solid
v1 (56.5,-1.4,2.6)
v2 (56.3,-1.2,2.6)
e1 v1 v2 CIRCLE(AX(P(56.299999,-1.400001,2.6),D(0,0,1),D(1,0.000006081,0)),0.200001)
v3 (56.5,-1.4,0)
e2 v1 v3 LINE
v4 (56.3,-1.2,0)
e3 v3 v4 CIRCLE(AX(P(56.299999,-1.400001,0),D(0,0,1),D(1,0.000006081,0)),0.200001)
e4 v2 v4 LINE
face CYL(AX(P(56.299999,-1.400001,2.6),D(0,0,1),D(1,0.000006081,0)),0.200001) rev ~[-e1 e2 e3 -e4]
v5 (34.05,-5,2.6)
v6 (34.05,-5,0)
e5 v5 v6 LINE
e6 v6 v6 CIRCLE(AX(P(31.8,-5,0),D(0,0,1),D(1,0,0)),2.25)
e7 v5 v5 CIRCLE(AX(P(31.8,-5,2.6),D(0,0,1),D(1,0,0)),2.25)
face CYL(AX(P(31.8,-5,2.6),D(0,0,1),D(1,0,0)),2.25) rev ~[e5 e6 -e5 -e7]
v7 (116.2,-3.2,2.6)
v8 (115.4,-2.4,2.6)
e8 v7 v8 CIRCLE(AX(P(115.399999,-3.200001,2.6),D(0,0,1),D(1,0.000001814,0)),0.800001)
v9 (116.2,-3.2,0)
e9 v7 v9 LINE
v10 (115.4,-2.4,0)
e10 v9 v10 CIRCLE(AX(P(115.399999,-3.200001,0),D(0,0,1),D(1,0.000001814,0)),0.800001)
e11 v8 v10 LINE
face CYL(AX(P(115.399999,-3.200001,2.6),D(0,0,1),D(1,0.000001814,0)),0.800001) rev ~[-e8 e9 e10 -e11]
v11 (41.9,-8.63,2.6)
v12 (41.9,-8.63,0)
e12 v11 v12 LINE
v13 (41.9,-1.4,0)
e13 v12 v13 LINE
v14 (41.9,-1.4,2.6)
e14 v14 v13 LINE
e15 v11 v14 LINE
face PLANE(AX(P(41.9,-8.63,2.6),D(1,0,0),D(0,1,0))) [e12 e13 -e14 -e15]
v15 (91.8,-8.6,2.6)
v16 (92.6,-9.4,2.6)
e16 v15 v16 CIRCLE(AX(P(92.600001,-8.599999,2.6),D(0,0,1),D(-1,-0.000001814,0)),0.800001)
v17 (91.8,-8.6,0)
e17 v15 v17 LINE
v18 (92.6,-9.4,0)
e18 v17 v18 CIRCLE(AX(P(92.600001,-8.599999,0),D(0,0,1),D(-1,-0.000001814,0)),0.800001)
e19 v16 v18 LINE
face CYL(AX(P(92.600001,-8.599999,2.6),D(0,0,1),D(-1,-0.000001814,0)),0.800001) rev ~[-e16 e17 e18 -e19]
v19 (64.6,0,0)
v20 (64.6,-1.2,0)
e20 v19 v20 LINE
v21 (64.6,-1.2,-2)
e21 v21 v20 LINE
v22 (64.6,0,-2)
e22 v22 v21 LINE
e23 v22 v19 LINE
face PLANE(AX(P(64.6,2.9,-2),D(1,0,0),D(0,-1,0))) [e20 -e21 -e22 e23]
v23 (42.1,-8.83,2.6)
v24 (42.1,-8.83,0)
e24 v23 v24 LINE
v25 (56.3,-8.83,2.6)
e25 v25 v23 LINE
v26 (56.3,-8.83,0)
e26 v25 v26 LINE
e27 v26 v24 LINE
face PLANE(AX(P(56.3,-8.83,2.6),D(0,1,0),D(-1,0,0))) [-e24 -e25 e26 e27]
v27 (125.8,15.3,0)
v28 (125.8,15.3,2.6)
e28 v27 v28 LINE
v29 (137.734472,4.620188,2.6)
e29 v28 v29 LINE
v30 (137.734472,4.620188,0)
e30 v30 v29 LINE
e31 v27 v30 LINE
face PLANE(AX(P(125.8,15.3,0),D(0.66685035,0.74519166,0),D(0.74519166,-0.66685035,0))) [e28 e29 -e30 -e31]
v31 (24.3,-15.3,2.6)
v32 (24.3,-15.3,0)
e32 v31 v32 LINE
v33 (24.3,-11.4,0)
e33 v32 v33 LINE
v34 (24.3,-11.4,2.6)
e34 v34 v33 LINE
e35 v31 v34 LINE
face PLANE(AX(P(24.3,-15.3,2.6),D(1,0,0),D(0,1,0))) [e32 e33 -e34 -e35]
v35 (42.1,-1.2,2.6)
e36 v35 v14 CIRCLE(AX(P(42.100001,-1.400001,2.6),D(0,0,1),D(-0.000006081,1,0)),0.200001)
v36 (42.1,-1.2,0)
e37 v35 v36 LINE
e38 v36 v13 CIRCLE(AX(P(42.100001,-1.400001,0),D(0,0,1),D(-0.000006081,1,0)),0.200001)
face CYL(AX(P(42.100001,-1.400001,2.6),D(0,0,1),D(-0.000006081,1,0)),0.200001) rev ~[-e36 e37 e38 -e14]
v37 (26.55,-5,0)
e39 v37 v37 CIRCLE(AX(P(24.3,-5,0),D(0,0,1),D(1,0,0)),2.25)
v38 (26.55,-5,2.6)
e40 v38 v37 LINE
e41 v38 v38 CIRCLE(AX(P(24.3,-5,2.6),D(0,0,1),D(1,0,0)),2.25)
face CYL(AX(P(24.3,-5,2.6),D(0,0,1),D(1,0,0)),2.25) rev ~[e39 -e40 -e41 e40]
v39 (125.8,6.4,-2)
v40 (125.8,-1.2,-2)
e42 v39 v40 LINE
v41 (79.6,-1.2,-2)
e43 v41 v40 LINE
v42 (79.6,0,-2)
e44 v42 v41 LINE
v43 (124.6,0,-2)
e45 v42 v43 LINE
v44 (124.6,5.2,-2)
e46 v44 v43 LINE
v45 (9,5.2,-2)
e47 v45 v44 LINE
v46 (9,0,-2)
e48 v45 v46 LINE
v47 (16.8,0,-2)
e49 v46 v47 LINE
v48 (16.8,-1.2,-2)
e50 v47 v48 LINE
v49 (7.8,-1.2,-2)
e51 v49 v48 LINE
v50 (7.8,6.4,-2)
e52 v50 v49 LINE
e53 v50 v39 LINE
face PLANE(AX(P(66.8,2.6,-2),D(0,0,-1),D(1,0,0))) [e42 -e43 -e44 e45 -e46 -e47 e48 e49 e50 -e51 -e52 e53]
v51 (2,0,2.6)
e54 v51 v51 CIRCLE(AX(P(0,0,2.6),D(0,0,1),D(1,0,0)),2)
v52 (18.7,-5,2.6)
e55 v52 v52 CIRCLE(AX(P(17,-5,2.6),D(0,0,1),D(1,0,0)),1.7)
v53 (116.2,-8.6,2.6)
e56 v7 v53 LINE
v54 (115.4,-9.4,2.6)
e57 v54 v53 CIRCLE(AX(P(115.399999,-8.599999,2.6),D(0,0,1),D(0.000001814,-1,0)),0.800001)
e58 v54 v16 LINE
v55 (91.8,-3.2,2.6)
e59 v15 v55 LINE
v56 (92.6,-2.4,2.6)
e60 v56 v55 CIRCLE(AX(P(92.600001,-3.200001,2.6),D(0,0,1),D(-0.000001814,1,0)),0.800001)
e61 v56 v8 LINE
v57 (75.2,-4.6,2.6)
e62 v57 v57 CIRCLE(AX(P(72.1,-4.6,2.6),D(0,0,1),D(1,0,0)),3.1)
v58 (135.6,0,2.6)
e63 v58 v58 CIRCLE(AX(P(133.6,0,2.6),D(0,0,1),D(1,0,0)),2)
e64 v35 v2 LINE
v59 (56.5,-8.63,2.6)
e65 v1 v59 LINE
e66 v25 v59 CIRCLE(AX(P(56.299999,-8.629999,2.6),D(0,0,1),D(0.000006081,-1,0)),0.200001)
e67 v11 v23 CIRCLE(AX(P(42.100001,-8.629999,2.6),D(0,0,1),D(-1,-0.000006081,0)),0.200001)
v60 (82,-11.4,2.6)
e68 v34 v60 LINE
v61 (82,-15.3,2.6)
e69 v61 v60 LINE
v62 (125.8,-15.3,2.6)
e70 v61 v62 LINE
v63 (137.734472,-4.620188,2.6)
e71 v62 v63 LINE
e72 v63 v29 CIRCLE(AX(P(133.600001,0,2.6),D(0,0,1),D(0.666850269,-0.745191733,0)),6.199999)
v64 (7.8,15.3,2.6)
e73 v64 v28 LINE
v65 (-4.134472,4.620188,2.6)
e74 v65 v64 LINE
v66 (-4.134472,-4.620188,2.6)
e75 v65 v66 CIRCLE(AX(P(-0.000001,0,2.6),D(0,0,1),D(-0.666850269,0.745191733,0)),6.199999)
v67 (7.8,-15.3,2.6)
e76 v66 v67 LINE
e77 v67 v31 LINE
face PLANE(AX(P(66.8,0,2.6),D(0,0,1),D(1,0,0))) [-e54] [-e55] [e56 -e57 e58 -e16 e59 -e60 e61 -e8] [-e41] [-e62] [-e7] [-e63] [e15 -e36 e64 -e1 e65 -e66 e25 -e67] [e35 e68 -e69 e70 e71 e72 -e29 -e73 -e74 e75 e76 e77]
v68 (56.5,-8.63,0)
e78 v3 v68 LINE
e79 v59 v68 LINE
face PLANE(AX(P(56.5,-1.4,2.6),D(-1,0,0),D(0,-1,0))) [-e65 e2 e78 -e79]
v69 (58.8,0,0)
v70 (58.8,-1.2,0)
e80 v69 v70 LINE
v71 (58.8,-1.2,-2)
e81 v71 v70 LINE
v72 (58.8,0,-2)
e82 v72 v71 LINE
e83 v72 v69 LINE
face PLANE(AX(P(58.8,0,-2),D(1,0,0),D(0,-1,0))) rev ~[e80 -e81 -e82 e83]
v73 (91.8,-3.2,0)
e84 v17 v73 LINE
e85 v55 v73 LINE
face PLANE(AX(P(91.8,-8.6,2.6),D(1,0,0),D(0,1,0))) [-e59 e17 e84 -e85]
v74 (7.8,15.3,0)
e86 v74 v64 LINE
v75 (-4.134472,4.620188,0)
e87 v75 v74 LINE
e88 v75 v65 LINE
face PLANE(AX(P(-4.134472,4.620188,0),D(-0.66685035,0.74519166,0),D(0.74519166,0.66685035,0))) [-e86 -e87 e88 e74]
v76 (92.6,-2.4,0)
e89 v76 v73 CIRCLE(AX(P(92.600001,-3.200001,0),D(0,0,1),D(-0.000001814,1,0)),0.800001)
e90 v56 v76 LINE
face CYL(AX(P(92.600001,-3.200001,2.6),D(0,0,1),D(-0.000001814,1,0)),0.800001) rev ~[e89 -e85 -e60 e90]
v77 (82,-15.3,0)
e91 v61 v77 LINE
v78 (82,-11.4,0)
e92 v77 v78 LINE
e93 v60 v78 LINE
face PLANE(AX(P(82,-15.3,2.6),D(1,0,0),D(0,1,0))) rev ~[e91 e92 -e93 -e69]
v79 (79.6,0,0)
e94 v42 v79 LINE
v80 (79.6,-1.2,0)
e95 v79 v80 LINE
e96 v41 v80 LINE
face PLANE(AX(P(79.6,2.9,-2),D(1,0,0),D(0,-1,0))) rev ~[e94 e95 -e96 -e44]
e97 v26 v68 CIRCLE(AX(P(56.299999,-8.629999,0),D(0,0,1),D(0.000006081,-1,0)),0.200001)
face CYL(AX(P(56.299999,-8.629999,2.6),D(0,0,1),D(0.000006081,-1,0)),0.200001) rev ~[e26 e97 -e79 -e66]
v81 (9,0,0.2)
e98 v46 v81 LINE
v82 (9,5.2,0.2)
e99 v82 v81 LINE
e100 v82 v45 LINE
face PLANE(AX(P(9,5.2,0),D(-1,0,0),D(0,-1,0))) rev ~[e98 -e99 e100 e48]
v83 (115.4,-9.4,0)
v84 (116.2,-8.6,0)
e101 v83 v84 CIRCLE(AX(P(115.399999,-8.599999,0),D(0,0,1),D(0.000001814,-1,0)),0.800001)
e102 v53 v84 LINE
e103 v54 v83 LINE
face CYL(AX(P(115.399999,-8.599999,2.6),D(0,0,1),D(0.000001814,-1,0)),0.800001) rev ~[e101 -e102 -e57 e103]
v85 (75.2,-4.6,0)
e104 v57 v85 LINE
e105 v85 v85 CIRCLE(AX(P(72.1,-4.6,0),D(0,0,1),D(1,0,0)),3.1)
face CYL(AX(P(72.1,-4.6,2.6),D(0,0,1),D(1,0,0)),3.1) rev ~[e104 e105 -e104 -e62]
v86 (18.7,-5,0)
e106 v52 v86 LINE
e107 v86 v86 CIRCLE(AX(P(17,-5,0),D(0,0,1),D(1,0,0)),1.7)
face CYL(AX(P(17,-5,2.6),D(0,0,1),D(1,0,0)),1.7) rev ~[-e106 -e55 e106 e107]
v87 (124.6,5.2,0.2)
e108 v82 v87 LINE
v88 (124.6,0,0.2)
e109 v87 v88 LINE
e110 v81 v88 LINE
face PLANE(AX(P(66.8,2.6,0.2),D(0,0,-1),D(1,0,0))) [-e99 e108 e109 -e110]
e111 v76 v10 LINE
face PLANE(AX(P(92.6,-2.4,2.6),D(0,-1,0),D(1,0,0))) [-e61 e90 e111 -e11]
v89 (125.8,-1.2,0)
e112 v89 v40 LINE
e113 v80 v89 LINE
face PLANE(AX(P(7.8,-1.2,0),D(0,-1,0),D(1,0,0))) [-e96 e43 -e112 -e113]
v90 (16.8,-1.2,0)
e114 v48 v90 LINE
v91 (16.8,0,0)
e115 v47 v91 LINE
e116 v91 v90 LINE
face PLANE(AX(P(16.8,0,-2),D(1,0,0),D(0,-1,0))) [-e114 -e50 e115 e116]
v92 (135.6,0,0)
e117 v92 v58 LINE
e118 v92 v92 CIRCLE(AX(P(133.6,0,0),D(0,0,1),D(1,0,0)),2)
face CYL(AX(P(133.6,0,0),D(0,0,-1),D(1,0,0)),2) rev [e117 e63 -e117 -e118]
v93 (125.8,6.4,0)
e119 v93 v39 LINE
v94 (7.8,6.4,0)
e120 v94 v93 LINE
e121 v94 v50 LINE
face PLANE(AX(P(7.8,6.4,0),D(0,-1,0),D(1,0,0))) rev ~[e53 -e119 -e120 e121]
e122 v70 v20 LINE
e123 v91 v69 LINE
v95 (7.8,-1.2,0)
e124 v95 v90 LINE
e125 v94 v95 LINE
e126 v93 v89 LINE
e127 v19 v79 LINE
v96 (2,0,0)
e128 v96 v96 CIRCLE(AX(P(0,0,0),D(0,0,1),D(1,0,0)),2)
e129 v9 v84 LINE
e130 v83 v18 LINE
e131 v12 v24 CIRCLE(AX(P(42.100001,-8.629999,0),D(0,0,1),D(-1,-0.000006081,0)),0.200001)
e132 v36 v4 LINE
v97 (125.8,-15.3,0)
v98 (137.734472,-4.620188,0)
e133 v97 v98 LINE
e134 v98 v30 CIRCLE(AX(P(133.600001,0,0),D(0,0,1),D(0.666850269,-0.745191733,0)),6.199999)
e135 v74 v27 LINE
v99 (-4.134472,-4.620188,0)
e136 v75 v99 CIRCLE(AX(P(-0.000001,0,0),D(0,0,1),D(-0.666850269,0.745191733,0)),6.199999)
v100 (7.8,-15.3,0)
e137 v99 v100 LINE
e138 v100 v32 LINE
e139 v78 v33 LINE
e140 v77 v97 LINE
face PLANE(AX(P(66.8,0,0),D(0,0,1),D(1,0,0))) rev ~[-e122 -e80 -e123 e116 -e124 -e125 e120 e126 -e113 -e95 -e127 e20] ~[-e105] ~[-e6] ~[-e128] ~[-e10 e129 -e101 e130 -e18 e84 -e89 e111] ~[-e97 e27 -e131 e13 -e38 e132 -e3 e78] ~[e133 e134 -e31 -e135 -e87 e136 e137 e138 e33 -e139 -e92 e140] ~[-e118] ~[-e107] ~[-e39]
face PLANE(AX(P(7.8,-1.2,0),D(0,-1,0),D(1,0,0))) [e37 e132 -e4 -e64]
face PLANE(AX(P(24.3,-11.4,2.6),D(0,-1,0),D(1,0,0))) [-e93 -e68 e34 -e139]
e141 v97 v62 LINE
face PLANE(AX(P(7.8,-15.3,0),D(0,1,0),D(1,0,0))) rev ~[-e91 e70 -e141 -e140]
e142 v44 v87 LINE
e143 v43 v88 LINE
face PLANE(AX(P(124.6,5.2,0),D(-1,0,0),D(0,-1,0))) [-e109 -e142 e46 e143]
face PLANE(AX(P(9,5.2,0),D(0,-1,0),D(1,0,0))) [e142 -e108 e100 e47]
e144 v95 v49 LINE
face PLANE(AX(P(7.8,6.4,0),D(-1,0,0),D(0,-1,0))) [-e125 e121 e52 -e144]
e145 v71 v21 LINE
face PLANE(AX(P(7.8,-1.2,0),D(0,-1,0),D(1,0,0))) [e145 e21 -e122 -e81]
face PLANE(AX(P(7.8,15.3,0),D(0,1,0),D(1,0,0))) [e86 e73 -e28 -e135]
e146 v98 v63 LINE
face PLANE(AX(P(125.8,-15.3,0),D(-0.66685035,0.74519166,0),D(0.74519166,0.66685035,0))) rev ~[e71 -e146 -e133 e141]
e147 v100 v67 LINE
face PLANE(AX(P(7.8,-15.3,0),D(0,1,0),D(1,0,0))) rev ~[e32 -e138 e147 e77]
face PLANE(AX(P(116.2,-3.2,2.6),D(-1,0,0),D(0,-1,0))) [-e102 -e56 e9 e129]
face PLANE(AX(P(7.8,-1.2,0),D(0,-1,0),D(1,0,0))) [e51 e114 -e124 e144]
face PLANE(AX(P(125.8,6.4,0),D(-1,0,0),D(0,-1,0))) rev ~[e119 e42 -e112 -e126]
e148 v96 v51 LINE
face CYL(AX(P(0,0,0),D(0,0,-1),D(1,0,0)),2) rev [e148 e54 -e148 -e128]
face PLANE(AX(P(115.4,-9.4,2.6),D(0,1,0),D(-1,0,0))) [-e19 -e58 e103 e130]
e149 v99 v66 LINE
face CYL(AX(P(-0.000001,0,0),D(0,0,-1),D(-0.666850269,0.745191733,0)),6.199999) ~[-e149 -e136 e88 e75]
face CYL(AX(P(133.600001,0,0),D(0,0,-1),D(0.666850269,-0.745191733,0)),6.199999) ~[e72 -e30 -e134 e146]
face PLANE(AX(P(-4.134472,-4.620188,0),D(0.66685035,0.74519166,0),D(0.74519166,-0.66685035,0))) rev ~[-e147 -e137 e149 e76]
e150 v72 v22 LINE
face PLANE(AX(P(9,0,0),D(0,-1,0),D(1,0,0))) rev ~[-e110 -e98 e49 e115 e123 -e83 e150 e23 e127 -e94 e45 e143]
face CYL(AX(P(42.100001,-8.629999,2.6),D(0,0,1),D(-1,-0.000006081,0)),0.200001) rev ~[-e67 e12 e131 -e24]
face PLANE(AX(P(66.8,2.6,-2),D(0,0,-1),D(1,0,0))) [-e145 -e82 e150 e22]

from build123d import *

# Parameters (mm, degrees)
SKETCH_R        = 2
PAD_DEPTH       = 2.6
SKETCH001_W     = 57.7
SKETCH001_H     = 3.9
POCKET_DEPTH    = 5
SKETCH002_W     = 115.6
SKETCH002_H     = 5.2
POCKET001_DEPTH = 0.2
SKETCH003_W     = 118
SKETCH003_H     = 7.6
SKETCH003_W_2   = 115.6
SKETCH003_H_2   = 5.2
PAD001_DEPTH    = 2
SKETCH004_R     = 2.25
SKETCH004_R_2   = 1.7
SKETCH004_R_3   = 3.1
POCKET002_DEPTH = 5
SKETCH005_W     = 42
SKETCH005_H     = 1.2
POCKET003_DEPTH = 2
SKETCH006_W     = 15
SKETCH006_H     = 15
POCKET004_DEPTH = 2


with BuildPart() as part:
    # Sketch → Pad (new body)
    with BuildSketch(Plane.XY):
        with BuildLine():
            ThreePointArc((-4.134472, 4.620188), (-6.2, 0), (-4.134472, -4.620188))
            Line((-4.134472, -4.620188), (7.8, -15.3))
            Line((7.8, -15.3), (125.8, -15.3))
            Line((125.8, -15.3), (137.734472, -4.620188))
            ThreePointArc((137.734472, -4.620188), (139.8, 0), (137.734472, 4.620188))
            Line((125.8, 15.3), (137.734472, 4.620188))
            Line((7.8, 15.3), (125.8, 15.3))
            Line((-4.134472, 4.620188), (7.8, 15.3))
        make_face()
        Circle(SKETCH_R, mode=Mode.SUBTRACT)
        with Locations((133.6, 0)):
            Circle(SKETCH_R, mode=Mode.SUBTRACT)
    extrude(amount=PAD_DEPTH)

    # Sketch001 (on Face12 of Pad) → Pocket (cut)
    with BuildSketch(Plane.XY.offset(2.6)):
        with Locations((53.15, -13.35)):
            Rectangle(SKETCH001_W, SKETCH001_H)
    extrude(amount=-POCKET_DEPTH, mode=Mode.SUBTRACT)

    # Sketch002 (on Face4 of Pocket) → Pocket001 (cut)
    with BuildSketch(Plane(origin=(0, 0, 0), x_dir=(1, 0, 0), z_dir=(0, 0, -1))):
        with Locations((66.8, -2.6)):
            Rectangle(SKETCH002_W, SKETCH002_H)
    extrude(amount=-POCKET001_DEPTH, mode=Mode.SUBTRACT)

    # Sketch003 (on Face4 of Pocket001) → Pad001 (join)
    with BuildSketch(Plane(origin=(0, 0, 0), x_dir=(1, 0, 0), z_dir=(0, 0, -1))):
        with Locations((66.8, -2.6)):
            Rectangle(SKETCH003_W, SKETCH003_H)
        with Locations((66.8, -2.6)):
            Rectangle(SKETCH003_W_2, SKETCH003_H_2, mode=Mode.SUBTRACT)
    extrude(amount=PAD001_DEPTH)

    # Sketch004 (on Face5 of Pad001) → Pocket002 (cut)
    with BuildSketch(Plane.XY.offset(2.6)):
        with Locations((24.3, -5)):
            Circle(SKETCH004_R)
        with Locations((31.8, -5)):
            Circle(SKETCH004_R)
        with Locations((17, -5)):
            Circle(SKETCH004_R_2)
        with Locations((72.1, -4.6)):
            Circle(SKETCH004_R_3)
        with BuildLine():
            Line((42.1, -1.2), (56.3, -1.2))
            ThreePointArc((56.5, -1.4), (56.441421, -1.258579), (56.3, -1.2))
            Line((56.5, -1.4), (56.5, -8.63))
            ThreePointArc((56.3, -8.83), (56.441421, -8.771421), (56.5, -8.63))
            Line((56.3, -8.83), (42.1, -8.83))
            ThreePointArc((41.9, -8.63), (41.958579, -8.771421), (42.1, -8.83))
            Line((41.9, -8.63), (41.9, -1.4))
            ThreePointArc((42.1, -1.2), (41.958579, -1.258579), (41.9, -1.4))
        make_face()
        with BuildLine():
            Line((92.6, -2.4), (115.4, -2.4))
            ThreePointArc((116.2, -3.2), (115.965685, -2.634315), (115.4, -2.4))
            Line((116.2, -3.2), (116.2, -8.6))
            ThreePointArc((115.4, -9.4), (115.965685, -9.165685), (116.2, -8.6))
            Line((115.4, -9.4), (92.6, -9.4))
            ThreePointArc((91.8, -8.6), (92.034315, -9.165685), (92.6, -9.4))
            Line((91.8, -8.6), (91.8, -3.2))
            ThreePointArc((92.6, -2.4), (92.034315, -2.634315), (91.8, -3.2))
        make_face()
    extrude(amount=-POCKET002_DEPTH, mode=Mode.SUBTRACT)

    # Sketch005 (on Face43 of Pocket002) → Pocket003 (cut)
    with BuildSketch(Plane(origin=(0, 0, -2), x_dir=(1, 0, 0), z_dir=(0, 0, -1))):
        with Locations((37.8, 0.6)):
            Rectangle(SKETCH005_W, SKETCH005_H)
    extrude(amount=-POCKET003_DEPTH, mode=Mode.SUBTRACT)

    # Sketch006 (on Face44 of Pocket003) → Pocket004 (cut)
    with BuildSketch(Plane(origin=(0, 0, -2), x_dir=(1, 0, 0), z_dir=(0, 0, -1))):
        with Locations((72.1, 4.6)):
            Rectangle(SKETCH006_W, SKETCH006_H)
    extrude(amount=-POCKET004_DEPTH, mode=Mode.SUBTRACT)


solid = part.part
